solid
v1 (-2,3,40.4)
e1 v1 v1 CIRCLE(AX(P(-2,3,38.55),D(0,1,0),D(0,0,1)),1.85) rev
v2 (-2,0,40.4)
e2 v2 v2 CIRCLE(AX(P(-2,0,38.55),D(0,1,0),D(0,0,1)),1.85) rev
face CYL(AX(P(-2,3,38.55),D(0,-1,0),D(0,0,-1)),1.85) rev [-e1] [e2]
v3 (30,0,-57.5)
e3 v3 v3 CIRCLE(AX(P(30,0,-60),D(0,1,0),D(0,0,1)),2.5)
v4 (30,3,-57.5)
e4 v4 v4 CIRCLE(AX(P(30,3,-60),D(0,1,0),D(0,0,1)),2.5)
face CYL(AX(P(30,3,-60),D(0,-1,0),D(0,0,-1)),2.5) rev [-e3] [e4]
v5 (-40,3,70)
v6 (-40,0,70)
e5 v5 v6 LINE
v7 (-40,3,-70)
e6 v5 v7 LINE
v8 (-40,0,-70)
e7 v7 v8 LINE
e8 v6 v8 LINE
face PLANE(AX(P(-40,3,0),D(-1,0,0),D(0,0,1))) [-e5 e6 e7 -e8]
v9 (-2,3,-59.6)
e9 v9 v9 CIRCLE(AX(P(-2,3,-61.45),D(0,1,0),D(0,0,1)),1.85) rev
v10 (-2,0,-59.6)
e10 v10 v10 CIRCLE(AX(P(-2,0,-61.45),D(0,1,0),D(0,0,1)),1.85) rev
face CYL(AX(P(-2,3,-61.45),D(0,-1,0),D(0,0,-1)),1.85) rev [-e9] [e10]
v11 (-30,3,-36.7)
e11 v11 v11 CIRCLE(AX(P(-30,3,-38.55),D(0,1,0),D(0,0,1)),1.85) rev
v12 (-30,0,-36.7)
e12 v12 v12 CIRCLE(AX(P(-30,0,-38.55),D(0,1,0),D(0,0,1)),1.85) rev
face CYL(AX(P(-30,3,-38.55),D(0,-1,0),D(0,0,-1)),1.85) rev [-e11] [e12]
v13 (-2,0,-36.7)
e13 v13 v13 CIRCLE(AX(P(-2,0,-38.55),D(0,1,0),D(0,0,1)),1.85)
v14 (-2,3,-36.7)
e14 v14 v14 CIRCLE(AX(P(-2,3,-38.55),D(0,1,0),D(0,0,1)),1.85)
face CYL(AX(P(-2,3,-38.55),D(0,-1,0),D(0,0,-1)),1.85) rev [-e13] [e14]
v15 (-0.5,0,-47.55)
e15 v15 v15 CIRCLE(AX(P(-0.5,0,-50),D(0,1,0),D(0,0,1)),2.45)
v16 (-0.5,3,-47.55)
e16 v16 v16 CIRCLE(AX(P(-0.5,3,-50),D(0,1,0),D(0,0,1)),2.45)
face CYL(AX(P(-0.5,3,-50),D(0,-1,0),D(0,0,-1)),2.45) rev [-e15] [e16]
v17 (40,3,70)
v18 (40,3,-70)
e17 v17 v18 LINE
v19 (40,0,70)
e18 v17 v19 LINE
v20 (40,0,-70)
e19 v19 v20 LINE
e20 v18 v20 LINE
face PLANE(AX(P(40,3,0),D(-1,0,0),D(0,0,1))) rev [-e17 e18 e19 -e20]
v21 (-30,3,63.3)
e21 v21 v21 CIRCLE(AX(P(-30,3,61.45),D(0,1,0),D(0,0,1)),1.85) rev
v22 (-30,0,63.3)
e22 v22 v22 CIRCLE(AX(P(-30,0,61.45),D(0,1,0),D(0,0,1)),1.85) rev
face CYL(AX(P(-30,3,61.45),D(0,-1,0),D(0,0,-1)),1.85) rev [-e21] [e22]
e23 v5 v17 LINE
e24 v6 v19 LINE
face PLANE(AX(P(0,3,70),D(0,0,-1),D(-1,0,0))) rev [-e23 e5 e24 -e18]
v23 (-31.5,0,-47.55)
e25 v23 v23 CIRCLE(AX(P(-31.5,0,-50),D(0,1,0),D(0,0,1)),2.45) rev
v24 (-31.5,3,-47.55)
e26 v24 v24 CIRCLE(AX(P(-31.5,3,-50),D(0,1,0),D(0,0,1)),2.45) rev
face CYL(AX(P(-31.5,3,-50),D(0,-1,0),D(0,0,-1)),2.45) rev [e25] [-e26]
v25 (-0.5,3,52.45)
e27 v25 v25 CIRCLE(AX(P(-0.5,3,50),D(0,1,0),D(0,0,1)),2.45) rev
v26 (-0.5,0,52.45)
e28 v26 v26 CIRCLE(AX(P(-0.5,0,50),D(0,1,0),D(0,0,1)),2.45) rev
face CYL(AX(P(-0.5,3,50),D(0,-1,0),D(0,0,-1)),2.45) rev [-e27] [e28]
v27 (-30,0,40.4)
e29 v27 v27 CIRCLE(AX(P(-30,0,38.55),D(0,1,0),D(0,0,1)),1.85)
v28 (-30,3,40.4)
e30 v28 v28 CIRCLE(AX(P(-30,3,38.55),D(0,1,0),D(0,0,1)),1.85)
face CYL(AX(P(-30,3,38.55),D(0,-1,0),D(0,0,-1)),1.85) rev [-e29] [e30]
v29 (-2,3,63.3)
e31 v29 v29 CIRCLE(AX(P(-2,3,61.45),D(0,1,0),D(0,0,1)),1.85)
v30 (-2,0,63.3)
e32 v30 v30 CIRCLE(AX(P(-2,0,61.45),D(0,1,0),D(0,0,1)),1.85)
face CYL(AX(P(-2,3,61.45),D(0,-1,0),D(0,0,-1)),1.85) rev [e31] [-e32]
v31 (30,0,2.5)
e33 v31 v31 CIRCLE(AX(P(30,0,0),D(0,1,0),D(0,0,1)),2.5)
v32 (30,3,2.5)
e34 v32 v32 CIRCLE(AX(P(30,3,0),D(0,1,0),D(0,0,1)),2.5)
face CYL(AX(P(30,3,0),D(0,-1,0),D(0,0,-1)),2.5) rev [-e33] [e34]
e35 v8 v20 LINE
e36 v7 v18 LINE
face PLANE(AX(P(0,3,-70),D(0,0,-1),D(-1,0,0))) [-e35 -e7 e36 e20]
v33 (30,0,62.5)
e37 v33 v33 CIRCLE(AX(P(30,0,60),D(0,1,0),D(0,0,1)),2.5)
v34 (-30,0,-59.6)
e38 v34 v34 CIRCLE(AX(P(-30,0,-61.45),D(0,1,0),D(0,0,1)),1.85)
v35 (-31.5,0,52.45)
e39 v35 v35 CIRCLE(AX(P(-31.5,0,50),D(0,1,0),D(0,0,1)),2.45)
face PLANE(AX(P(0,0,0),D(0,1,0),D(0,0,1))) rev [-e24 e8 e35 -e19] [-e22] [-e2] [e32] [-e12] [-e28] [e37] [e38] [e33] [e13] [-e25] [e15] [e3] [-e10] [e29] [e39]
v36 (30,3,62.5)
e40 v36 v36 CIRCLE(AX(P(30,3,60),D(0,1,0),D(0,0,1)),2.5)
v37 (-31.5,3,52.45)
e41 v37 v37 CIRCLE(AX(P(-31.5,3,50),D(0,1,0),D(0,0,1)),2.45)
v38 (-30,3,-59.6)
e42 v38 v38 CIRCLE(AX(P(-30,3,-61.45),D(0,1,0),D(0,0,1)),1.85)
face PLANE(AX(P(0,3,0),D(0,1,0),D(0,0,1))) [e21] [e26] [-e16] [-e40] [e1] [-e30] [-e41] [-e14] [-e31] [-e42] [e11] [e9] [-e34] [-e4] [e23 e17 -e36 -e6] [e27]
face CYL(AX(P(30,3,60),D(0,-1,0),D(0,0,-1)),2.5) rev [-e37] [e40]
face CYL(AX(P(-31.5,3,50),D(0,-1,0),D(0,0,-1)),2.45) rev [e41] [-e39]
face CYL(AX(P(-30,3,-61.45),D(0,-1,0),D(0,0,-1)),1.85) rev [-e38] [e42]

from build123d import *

# Parameters (mm, degrees)
SKETCH_1_R      = 2.5
SKETCH_1_R_2    = 2.45
SKETCH_1_R_3    = 1.85
SKETCH_1_W      = 48
SKETCH_1_H      = 40
EXTRUDE_1_DEPTH = 3


with BuildPart() as part:
    # 草图1 → 凸台-拉伸1 (new body)
    # profile 1 of 5: a face of its own
    with BuildSketch(Plane(origin=(0, 0, 0), x_dir=(1, 0, 0), z_dir=(0, 1, 0))):
        with BuildLine():
            Line((8, -30), (8, -70))
            Line((8, -70), (40, -70))
            Line((40, -70), (40, 60))
            Line((40, 60), (32.5, 60))
            ThreePointArc((32.5, 60), (28.232233047, 58.232233047), (30, 62.5))
            Line((30, 62.5), (30, 70))
            Line((30, 70), (8, 70))
            Line((8, 70), (8, 30))
            Line((8, 30), (-40, 30))
            Line((-40, 30), (-40, -30))
            Line((-40, -30), (8, -30))
        make_face()
        with Locations(Location((30, -60, 0), (0, 0, 270))):
            Circle(SKETCH_1_R, mode=Mode.SUBTRACT)
        with Locations(Location((30, 0, 0), (0, 0, 270))):
            Circle(SKETCH_1_R, mode=Mode.SUBTRACT)
    # profile 2 of 5: a face of its own
    with BuildSketch(Plane(origin=(0, 0, 0), x_dir=(1, 0, 0), z_dir=(0, 1, 0))):
        with BuildLine():
            Line((32.5, 60), (40, 60))
            Line((40, 60), (40, 70))
            Line((40, 70), (30, 70))
            Line((30, 70), (30, 62.5))
            ThreePointArc((30, 62.5), (31.767766953, 61.767766953), (32.5, 60))
        make_face()
    # profile 3 of 5: a face of its own
    with BuildSketch(Plane(origin=(0, 0, 0), x_dir=(1, 0, 0), z_dir=(0, 1, 0))):
        with BuildLine():
            Line((-40, 61.45), (-40, 30))
            Line((-40, 30), (8, 30))
            Line((8, 30), (8, 70))
            Line((8, 70), (-30, 70))
            Line((-30, 70), (-30, 63.3))
            ThreePointArc((-30, 63.3), (-28.691852455, 62.758147545), (-28.15, 61.45))
            ThreePointArc((-28.15, 61.45), (-30, 59.6), (-31.85, 61.45))
            Line((-31.85, 61.45), (-40, 61.45))
        make_face()
        with Locations(Location((-31.5, 50, 0), (0, 0, 270))):
            Circle(SKETCH_1_R_2, mode=Mode.SUBTRACT)
        with Locations(Location((-30, 38.55, 0), (0, 0, 270))):
            Circle(SKETCH_1_R_3, mode=Mode.SUBTRACT)
        with Locations(Location((-2, 38.55, 0), (0, 0, 270))):
            Circle(SKETCH_1_R_3, mode=Mode.SUBTRACT)
        with Locations(Location((-0.5, 50, 0), (0, 0, 270))):
            Circle(SKETCH_1_R_2, mode=Mode.SUBTRACT)
        with Locations(Location((-2, 61.45, 0), (0, 0, 270))):
            Circle(SKETCH_1_R_3, mode=Mode.SUBTRACT)
    # profile 4 of 5: a face of its own
    with BuildSketch(Plane(origin=(0, 0, 0), x_dir=(1, 0, 0), z_dir=(0, 1, 0))):
        with BuildLine():
            Line((-40, 70), (-40, 61.45))
            Line((-40, 61.45), (-31.85, 61.45))
            ThreePointArc((-31.85, 61.45), (-31.308147545, 62.758147545), (-30, 63.3))
            Line((-30, 63.3), (-30, 70))
            Line((-30, 70), (-40, 70))
        make_face()
    # profile 5 of 5: a face of its own
    with BuildSketch(Plane(origin=(0, 0, 0), x_dir=(1, 0, 0), z_dir=(0, 1, 0))):
        with Locations((-16, -50)):
            Rectangle(SKETCH_1_W, SKETCH_1_H)
        with Locations(Location((-30, -61.45, 0), (0, 0, 270))):
            Circle(SKETCH_1_R_3, mode=Mode.SUBTRACT)
        with Locations(Location((-31.5, -50, 0), (0, 0, 270))):
            Circle(SKETCH_1_R_2, mode=Mode.SUBTRACT)
        with Locations(Location((-30, -38.55, 0), (0, 0, 270))):
            Circle(SKETCH_1_R_3, mode=Mode.SUBTRACT)
        with Locations(Location((-2, -61.45, 0), (0, 0, 270))):
            Circle(SKETCH_1_R_3, mode=Mode.SUBTRACT)
        with Locations(Location((-0.5, -50, 0), (0, 0, 270))):
            Circle(SKETCH_1_R_2, mode=Mode.SUBTRACT)
        with Locations(Location((-2, -38.55, 0), (0, 0, 270))):
            Circle(SKETCH_1_R_3, mode=Mode.SUBTRACT)
    extrude(amount=EXTRUDE_1_DEPTH)


solid = part.part
